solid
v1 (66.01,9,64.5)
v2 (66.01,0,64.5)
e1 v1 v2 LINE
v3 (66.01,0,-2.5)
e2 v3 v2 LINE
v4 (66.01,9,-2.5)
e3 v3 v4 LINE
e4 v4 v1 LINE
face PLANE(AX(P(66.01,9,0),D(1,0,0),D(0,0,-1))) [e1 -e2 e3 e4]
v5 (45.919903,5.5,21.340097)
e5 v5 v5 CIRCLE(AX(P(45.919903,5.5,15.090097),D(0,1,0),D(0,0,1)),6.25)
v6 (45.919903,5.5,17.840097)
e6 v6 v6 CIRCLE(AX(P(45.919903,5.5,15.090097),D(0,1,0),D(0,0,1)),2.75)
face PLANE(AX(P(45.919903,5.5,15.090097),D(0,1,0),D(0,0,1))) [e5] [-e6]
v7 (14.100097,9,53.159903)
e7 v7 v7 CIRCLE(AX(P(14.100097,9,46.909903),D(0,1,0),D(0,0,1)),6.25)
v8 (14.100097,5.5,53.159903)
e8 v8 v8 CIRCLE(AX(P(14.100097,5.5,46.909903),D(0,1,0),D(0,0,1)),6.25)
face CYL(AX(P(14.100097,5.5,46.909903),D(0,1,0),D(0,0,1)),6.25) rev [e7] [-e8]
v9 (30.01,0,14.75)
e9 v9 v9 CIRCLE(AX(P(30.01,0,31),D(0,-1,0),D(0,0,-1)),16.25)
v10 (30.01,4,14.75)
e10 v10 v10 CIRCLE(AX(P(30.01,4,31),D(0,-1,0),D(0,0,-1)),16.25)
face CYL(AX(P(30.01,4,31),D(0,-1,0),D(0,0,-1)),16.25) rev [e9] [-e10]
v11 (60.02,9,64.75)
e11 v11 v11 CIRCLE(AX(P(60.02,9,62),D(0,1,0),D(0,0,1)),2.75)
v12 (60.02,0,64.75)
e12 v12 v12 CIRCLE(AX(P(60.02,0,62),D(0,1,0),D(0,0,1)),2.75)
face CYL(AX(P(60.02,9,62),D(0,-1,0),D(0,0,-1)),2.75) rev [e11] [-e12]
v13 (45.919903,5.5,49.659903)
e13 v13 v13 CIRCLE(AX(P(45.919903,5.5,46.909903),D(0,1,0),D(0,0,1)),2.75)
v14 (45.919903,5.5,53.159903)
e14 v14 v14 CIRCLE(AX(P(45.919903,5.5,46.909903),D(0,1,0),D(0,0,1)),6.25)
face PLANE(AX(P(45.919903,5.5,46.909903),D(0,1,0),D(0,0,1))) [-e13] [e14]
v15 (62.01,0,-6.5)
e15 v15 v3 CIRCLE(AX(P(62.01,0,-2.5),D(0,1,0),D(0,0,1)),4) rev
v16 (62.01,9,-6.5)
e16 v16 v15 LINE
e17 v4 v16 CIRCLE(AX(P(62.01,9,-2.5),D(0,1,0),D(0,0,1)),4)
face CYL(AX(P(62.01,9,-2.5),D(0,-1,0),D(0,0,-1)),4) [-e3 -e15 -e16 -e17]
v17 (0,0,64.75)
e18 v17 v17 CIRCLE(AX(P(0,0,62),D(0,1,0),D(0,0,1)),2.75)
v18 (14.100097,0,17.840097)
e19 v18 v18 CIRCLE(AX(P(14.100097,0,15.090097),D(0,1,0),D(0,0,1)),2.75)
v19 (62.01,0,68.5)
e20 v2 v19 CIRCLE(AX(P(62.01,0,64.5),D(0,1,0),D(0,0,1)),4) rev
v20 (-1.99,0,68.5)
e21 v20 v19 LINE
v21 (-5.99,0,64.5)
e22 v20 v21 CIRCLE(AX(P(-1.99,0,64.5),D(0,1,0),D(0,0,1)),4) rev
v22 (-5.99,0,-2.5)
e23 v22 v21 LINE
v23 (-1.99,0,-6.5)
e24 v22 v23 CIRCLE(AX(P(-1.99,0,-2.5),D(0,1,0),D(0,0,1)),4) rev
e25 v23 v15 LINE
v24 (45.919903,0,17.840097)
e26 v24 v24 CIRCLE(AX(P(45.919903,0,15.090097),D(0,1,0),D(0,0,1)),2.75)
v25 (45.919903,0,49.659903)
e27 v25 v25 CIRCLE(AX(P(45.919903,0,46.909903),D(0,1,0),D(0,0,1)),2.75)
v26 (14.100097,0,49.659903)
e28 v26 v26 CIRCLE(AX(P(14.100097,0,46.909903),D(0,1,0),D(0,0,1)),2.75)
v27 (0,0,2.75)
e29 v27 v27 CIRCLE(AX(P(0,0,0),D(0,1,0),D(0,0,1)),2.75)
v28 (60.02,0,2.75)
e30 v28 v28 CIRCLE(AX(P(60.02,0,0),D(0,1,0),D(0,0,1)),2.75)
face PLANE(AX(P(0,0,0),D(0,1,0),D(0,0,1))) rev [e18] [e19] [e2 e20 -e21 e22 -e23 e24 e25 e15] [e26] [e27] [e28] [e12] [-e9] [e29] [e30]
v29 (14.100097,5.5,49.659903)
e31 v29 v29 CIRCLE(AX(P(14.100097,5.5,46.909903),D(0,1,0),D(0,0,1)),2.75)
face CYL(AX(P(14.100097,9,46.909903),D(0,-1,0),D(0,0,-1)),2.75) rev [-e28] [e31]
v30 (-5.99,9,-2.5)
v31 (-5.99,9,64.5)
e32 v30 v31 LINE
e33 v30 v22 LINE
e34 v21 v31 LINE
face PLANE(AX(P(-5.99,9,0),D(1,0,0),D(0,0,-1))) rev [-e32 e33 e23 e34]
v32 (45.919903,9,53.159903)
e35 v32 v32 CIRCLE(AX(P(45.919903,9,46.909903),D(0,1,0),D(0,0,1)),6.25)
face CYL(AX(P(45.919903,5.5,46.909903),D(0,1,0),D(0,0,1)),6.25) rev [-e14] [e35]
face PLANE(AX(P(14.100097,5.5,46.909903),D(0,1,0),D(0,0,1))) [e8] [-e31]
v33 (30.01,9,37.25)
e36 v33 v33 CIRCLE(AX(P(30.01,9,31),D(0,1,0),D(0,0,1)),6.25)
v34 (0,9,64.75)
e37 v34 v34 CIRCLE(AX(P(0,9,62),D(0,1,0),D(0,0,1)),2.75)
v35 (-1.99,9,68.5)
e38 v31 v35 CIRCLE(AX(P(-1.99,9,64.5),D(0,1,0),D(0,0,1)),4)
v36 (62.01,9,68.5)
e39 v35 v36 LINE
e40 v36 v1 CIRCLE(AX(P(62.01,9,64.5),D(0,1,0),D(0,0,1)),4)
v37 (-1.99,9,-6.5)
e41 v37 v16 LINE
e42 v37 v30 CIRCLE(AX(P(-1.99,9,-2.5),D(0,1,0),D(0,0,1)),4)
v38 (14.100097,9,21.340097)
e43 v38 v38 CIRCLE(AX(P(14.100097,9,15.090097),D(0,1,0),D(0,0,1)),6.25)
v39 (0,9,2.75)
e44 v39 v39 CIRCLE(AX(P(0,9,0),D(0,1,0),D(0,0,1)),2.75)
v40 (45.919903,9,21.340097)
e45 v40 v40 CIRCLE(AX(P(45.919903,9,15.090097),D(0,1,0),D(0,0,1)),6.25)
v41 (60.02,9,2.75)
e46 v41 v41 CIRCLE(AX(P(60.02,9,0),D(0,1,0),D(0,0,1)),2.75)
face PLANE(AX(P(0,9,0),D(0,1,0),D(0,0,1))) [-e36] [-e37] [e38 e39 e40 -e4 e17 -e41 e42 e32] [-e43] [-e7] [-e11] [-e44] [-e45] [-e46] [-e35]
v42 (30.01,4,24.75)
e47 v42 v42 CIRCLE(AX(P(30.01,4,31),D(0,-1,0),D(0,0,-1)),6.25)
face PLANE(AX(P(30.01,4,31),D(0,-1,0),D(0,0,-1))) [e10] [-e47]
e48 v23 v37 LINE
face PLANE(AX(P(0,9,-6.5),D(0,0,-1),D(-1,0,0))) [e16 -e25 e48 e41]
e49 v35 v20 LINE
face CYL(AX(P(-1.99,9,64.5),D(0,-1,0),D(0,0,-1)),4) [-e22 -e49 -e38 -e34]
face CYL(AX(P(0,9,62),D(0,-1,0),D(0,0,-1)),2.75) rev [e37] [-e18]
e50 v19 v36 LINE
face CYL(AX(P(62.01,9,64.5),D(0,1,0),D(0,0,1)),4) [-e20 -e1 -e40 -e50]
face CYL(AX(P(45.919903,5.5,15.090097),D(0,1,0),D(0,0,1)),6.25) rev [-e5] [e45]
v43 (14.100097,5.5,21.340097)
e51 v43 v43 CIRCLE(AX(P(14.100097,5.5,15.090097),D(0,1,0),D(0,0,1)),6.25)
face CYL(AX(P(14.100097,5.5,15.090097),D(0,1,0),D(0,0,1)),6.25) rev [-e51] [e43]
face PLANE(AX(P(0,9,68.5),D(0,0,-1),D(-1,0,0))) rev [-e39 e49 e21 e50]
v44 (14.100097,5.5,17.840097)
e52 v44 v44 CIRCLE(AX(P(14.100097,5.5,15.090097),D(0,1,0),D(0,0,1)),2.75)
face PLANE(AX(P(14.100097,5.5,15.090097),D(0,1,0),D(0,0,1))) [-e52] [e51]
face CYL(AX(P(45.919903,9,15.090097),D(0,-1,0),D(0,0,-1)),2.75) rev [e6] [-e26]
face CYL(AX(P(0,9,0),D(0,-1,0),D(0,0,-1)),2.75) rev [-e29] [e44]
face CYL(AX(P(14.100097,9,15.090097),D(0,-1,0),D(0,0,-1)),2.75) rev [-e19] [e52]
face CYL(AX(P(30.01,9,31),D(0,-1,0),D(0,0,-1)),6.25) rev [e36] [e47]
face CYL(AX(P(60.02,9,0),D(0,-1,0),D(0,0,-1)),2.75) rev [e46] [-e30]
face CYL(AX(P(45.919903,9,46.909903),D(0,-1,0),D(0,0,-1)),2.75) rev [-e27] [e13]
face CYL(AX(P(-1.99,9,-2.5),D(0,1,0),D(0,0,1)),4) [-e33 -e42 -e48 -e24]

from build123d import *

# Parameters (mm, degrees)
SKETCH1_W           = 72
SKETCH1_H           = 75
SKETCH1_R           = 2.75
SKETCH1_R_2         = 6.25
BOSS_EXTRUDE3_DEPTH = 9
FILLET1_R           = 4
SKETCH4_R           = 16.25
CUT_EXTRUDE2_DEPTH  = 4
SKETCH3_R           = 6.25
CUT_EXTRUDE3_DEPTH  = 3.5


with BuildPart() as part:
    # Sketch1 → Boss-Extrude3 (new body)
    with BuildSketch(Plane(origin=(0, 0, 0), x_dir=(1, 0, 0), z_dir=(0, 1, 0))):
        with Locations((30.01, -31)):
            Rectangle(SKETCH1_W, SKETCH1_H)
        Circle(SKETCH1_R, mode=Mode.SUBTRACT)
        with Locations((60.02, 0)):
            Circle(SKETCH1_R, mode=Mode.SUBTRACT)
        with Locations((60.02, -62)):
            Circle(SKETCH1_R, mode=Mode.SUBTRACT)
        with Locations((0, -62)):
            Circle(SKETCH1_R, mode=Mode.SUBTRACT)
        with Locations((30.01, -31)):
            Circle(SKETCH1_R_2, mode=Mode.SUBTRACT)
        with Locations((14.100097423, -15.090097423)):
            Circle(SKETCH1_R, mode=Mode.SUBTRACT)
        with Locations((14.100097423, -46.909902577)):
            Circle(SKETCH1_R, mode=Mode.SUBTRACT)
        with Locations((45.919902577, -46.909902577)):
            Circle(SKETCH1_R, mode=Mode.SUBTRACT)
        with Locations((45.919902577, -15.090097423)):
            Circle(SKETCH1_R, mode=Mode.SUBTRACT)
    extrude(amount=BOSS_EXTRUDE3_DEPTH)

    # Fillet1
    fillet1_edges = [part.edges().sort_by_distance(p)[0] for p in [
        (66.01, 4.5, 68.5),
        (-5.99, 4.5, 68.5),
        (-5.99, 4.5, -6.5),
        (66.01, 4.5, -6.5),
    ]]
    fillet(fillet1_edges, radius=FILLET1_R)

    # Sketch4 → Cut-Extrude2 (cut)
    with BuildSketch(Plane.XZ):
        with Locations((30.01, 31)):
            Circle(SKETCH4_R)
    extrude(amount=-CUT_EXTRUDE2_DEPTH, mode=Mode.SUBTRACT)

    # Sketch3 → Cut-Extrude3 (cut)
    with BuildSketch(Plane(origin=(0, 9, 0), x_dir=(1, 0, 0), z_dir=(0, 1, 0))):
        with Locations((14.100097423, -46.909902577)):
            Circle(SKETCH3_R)
        with Locations((14.100097423, -15.090097423)):
            Circle(SKETCH3_R)
        with Locations((45.919902577, -15.090097423)):
            Circle(SKETCH3_R)
        with Locations((45.919902577, -46.909902577)):
            Circle(SKETCH3_R)
    extrude(amount=-CUT_EXTRUDE3_DEPTH, mode=Mode.SUBTRACT)


solid = part.part
